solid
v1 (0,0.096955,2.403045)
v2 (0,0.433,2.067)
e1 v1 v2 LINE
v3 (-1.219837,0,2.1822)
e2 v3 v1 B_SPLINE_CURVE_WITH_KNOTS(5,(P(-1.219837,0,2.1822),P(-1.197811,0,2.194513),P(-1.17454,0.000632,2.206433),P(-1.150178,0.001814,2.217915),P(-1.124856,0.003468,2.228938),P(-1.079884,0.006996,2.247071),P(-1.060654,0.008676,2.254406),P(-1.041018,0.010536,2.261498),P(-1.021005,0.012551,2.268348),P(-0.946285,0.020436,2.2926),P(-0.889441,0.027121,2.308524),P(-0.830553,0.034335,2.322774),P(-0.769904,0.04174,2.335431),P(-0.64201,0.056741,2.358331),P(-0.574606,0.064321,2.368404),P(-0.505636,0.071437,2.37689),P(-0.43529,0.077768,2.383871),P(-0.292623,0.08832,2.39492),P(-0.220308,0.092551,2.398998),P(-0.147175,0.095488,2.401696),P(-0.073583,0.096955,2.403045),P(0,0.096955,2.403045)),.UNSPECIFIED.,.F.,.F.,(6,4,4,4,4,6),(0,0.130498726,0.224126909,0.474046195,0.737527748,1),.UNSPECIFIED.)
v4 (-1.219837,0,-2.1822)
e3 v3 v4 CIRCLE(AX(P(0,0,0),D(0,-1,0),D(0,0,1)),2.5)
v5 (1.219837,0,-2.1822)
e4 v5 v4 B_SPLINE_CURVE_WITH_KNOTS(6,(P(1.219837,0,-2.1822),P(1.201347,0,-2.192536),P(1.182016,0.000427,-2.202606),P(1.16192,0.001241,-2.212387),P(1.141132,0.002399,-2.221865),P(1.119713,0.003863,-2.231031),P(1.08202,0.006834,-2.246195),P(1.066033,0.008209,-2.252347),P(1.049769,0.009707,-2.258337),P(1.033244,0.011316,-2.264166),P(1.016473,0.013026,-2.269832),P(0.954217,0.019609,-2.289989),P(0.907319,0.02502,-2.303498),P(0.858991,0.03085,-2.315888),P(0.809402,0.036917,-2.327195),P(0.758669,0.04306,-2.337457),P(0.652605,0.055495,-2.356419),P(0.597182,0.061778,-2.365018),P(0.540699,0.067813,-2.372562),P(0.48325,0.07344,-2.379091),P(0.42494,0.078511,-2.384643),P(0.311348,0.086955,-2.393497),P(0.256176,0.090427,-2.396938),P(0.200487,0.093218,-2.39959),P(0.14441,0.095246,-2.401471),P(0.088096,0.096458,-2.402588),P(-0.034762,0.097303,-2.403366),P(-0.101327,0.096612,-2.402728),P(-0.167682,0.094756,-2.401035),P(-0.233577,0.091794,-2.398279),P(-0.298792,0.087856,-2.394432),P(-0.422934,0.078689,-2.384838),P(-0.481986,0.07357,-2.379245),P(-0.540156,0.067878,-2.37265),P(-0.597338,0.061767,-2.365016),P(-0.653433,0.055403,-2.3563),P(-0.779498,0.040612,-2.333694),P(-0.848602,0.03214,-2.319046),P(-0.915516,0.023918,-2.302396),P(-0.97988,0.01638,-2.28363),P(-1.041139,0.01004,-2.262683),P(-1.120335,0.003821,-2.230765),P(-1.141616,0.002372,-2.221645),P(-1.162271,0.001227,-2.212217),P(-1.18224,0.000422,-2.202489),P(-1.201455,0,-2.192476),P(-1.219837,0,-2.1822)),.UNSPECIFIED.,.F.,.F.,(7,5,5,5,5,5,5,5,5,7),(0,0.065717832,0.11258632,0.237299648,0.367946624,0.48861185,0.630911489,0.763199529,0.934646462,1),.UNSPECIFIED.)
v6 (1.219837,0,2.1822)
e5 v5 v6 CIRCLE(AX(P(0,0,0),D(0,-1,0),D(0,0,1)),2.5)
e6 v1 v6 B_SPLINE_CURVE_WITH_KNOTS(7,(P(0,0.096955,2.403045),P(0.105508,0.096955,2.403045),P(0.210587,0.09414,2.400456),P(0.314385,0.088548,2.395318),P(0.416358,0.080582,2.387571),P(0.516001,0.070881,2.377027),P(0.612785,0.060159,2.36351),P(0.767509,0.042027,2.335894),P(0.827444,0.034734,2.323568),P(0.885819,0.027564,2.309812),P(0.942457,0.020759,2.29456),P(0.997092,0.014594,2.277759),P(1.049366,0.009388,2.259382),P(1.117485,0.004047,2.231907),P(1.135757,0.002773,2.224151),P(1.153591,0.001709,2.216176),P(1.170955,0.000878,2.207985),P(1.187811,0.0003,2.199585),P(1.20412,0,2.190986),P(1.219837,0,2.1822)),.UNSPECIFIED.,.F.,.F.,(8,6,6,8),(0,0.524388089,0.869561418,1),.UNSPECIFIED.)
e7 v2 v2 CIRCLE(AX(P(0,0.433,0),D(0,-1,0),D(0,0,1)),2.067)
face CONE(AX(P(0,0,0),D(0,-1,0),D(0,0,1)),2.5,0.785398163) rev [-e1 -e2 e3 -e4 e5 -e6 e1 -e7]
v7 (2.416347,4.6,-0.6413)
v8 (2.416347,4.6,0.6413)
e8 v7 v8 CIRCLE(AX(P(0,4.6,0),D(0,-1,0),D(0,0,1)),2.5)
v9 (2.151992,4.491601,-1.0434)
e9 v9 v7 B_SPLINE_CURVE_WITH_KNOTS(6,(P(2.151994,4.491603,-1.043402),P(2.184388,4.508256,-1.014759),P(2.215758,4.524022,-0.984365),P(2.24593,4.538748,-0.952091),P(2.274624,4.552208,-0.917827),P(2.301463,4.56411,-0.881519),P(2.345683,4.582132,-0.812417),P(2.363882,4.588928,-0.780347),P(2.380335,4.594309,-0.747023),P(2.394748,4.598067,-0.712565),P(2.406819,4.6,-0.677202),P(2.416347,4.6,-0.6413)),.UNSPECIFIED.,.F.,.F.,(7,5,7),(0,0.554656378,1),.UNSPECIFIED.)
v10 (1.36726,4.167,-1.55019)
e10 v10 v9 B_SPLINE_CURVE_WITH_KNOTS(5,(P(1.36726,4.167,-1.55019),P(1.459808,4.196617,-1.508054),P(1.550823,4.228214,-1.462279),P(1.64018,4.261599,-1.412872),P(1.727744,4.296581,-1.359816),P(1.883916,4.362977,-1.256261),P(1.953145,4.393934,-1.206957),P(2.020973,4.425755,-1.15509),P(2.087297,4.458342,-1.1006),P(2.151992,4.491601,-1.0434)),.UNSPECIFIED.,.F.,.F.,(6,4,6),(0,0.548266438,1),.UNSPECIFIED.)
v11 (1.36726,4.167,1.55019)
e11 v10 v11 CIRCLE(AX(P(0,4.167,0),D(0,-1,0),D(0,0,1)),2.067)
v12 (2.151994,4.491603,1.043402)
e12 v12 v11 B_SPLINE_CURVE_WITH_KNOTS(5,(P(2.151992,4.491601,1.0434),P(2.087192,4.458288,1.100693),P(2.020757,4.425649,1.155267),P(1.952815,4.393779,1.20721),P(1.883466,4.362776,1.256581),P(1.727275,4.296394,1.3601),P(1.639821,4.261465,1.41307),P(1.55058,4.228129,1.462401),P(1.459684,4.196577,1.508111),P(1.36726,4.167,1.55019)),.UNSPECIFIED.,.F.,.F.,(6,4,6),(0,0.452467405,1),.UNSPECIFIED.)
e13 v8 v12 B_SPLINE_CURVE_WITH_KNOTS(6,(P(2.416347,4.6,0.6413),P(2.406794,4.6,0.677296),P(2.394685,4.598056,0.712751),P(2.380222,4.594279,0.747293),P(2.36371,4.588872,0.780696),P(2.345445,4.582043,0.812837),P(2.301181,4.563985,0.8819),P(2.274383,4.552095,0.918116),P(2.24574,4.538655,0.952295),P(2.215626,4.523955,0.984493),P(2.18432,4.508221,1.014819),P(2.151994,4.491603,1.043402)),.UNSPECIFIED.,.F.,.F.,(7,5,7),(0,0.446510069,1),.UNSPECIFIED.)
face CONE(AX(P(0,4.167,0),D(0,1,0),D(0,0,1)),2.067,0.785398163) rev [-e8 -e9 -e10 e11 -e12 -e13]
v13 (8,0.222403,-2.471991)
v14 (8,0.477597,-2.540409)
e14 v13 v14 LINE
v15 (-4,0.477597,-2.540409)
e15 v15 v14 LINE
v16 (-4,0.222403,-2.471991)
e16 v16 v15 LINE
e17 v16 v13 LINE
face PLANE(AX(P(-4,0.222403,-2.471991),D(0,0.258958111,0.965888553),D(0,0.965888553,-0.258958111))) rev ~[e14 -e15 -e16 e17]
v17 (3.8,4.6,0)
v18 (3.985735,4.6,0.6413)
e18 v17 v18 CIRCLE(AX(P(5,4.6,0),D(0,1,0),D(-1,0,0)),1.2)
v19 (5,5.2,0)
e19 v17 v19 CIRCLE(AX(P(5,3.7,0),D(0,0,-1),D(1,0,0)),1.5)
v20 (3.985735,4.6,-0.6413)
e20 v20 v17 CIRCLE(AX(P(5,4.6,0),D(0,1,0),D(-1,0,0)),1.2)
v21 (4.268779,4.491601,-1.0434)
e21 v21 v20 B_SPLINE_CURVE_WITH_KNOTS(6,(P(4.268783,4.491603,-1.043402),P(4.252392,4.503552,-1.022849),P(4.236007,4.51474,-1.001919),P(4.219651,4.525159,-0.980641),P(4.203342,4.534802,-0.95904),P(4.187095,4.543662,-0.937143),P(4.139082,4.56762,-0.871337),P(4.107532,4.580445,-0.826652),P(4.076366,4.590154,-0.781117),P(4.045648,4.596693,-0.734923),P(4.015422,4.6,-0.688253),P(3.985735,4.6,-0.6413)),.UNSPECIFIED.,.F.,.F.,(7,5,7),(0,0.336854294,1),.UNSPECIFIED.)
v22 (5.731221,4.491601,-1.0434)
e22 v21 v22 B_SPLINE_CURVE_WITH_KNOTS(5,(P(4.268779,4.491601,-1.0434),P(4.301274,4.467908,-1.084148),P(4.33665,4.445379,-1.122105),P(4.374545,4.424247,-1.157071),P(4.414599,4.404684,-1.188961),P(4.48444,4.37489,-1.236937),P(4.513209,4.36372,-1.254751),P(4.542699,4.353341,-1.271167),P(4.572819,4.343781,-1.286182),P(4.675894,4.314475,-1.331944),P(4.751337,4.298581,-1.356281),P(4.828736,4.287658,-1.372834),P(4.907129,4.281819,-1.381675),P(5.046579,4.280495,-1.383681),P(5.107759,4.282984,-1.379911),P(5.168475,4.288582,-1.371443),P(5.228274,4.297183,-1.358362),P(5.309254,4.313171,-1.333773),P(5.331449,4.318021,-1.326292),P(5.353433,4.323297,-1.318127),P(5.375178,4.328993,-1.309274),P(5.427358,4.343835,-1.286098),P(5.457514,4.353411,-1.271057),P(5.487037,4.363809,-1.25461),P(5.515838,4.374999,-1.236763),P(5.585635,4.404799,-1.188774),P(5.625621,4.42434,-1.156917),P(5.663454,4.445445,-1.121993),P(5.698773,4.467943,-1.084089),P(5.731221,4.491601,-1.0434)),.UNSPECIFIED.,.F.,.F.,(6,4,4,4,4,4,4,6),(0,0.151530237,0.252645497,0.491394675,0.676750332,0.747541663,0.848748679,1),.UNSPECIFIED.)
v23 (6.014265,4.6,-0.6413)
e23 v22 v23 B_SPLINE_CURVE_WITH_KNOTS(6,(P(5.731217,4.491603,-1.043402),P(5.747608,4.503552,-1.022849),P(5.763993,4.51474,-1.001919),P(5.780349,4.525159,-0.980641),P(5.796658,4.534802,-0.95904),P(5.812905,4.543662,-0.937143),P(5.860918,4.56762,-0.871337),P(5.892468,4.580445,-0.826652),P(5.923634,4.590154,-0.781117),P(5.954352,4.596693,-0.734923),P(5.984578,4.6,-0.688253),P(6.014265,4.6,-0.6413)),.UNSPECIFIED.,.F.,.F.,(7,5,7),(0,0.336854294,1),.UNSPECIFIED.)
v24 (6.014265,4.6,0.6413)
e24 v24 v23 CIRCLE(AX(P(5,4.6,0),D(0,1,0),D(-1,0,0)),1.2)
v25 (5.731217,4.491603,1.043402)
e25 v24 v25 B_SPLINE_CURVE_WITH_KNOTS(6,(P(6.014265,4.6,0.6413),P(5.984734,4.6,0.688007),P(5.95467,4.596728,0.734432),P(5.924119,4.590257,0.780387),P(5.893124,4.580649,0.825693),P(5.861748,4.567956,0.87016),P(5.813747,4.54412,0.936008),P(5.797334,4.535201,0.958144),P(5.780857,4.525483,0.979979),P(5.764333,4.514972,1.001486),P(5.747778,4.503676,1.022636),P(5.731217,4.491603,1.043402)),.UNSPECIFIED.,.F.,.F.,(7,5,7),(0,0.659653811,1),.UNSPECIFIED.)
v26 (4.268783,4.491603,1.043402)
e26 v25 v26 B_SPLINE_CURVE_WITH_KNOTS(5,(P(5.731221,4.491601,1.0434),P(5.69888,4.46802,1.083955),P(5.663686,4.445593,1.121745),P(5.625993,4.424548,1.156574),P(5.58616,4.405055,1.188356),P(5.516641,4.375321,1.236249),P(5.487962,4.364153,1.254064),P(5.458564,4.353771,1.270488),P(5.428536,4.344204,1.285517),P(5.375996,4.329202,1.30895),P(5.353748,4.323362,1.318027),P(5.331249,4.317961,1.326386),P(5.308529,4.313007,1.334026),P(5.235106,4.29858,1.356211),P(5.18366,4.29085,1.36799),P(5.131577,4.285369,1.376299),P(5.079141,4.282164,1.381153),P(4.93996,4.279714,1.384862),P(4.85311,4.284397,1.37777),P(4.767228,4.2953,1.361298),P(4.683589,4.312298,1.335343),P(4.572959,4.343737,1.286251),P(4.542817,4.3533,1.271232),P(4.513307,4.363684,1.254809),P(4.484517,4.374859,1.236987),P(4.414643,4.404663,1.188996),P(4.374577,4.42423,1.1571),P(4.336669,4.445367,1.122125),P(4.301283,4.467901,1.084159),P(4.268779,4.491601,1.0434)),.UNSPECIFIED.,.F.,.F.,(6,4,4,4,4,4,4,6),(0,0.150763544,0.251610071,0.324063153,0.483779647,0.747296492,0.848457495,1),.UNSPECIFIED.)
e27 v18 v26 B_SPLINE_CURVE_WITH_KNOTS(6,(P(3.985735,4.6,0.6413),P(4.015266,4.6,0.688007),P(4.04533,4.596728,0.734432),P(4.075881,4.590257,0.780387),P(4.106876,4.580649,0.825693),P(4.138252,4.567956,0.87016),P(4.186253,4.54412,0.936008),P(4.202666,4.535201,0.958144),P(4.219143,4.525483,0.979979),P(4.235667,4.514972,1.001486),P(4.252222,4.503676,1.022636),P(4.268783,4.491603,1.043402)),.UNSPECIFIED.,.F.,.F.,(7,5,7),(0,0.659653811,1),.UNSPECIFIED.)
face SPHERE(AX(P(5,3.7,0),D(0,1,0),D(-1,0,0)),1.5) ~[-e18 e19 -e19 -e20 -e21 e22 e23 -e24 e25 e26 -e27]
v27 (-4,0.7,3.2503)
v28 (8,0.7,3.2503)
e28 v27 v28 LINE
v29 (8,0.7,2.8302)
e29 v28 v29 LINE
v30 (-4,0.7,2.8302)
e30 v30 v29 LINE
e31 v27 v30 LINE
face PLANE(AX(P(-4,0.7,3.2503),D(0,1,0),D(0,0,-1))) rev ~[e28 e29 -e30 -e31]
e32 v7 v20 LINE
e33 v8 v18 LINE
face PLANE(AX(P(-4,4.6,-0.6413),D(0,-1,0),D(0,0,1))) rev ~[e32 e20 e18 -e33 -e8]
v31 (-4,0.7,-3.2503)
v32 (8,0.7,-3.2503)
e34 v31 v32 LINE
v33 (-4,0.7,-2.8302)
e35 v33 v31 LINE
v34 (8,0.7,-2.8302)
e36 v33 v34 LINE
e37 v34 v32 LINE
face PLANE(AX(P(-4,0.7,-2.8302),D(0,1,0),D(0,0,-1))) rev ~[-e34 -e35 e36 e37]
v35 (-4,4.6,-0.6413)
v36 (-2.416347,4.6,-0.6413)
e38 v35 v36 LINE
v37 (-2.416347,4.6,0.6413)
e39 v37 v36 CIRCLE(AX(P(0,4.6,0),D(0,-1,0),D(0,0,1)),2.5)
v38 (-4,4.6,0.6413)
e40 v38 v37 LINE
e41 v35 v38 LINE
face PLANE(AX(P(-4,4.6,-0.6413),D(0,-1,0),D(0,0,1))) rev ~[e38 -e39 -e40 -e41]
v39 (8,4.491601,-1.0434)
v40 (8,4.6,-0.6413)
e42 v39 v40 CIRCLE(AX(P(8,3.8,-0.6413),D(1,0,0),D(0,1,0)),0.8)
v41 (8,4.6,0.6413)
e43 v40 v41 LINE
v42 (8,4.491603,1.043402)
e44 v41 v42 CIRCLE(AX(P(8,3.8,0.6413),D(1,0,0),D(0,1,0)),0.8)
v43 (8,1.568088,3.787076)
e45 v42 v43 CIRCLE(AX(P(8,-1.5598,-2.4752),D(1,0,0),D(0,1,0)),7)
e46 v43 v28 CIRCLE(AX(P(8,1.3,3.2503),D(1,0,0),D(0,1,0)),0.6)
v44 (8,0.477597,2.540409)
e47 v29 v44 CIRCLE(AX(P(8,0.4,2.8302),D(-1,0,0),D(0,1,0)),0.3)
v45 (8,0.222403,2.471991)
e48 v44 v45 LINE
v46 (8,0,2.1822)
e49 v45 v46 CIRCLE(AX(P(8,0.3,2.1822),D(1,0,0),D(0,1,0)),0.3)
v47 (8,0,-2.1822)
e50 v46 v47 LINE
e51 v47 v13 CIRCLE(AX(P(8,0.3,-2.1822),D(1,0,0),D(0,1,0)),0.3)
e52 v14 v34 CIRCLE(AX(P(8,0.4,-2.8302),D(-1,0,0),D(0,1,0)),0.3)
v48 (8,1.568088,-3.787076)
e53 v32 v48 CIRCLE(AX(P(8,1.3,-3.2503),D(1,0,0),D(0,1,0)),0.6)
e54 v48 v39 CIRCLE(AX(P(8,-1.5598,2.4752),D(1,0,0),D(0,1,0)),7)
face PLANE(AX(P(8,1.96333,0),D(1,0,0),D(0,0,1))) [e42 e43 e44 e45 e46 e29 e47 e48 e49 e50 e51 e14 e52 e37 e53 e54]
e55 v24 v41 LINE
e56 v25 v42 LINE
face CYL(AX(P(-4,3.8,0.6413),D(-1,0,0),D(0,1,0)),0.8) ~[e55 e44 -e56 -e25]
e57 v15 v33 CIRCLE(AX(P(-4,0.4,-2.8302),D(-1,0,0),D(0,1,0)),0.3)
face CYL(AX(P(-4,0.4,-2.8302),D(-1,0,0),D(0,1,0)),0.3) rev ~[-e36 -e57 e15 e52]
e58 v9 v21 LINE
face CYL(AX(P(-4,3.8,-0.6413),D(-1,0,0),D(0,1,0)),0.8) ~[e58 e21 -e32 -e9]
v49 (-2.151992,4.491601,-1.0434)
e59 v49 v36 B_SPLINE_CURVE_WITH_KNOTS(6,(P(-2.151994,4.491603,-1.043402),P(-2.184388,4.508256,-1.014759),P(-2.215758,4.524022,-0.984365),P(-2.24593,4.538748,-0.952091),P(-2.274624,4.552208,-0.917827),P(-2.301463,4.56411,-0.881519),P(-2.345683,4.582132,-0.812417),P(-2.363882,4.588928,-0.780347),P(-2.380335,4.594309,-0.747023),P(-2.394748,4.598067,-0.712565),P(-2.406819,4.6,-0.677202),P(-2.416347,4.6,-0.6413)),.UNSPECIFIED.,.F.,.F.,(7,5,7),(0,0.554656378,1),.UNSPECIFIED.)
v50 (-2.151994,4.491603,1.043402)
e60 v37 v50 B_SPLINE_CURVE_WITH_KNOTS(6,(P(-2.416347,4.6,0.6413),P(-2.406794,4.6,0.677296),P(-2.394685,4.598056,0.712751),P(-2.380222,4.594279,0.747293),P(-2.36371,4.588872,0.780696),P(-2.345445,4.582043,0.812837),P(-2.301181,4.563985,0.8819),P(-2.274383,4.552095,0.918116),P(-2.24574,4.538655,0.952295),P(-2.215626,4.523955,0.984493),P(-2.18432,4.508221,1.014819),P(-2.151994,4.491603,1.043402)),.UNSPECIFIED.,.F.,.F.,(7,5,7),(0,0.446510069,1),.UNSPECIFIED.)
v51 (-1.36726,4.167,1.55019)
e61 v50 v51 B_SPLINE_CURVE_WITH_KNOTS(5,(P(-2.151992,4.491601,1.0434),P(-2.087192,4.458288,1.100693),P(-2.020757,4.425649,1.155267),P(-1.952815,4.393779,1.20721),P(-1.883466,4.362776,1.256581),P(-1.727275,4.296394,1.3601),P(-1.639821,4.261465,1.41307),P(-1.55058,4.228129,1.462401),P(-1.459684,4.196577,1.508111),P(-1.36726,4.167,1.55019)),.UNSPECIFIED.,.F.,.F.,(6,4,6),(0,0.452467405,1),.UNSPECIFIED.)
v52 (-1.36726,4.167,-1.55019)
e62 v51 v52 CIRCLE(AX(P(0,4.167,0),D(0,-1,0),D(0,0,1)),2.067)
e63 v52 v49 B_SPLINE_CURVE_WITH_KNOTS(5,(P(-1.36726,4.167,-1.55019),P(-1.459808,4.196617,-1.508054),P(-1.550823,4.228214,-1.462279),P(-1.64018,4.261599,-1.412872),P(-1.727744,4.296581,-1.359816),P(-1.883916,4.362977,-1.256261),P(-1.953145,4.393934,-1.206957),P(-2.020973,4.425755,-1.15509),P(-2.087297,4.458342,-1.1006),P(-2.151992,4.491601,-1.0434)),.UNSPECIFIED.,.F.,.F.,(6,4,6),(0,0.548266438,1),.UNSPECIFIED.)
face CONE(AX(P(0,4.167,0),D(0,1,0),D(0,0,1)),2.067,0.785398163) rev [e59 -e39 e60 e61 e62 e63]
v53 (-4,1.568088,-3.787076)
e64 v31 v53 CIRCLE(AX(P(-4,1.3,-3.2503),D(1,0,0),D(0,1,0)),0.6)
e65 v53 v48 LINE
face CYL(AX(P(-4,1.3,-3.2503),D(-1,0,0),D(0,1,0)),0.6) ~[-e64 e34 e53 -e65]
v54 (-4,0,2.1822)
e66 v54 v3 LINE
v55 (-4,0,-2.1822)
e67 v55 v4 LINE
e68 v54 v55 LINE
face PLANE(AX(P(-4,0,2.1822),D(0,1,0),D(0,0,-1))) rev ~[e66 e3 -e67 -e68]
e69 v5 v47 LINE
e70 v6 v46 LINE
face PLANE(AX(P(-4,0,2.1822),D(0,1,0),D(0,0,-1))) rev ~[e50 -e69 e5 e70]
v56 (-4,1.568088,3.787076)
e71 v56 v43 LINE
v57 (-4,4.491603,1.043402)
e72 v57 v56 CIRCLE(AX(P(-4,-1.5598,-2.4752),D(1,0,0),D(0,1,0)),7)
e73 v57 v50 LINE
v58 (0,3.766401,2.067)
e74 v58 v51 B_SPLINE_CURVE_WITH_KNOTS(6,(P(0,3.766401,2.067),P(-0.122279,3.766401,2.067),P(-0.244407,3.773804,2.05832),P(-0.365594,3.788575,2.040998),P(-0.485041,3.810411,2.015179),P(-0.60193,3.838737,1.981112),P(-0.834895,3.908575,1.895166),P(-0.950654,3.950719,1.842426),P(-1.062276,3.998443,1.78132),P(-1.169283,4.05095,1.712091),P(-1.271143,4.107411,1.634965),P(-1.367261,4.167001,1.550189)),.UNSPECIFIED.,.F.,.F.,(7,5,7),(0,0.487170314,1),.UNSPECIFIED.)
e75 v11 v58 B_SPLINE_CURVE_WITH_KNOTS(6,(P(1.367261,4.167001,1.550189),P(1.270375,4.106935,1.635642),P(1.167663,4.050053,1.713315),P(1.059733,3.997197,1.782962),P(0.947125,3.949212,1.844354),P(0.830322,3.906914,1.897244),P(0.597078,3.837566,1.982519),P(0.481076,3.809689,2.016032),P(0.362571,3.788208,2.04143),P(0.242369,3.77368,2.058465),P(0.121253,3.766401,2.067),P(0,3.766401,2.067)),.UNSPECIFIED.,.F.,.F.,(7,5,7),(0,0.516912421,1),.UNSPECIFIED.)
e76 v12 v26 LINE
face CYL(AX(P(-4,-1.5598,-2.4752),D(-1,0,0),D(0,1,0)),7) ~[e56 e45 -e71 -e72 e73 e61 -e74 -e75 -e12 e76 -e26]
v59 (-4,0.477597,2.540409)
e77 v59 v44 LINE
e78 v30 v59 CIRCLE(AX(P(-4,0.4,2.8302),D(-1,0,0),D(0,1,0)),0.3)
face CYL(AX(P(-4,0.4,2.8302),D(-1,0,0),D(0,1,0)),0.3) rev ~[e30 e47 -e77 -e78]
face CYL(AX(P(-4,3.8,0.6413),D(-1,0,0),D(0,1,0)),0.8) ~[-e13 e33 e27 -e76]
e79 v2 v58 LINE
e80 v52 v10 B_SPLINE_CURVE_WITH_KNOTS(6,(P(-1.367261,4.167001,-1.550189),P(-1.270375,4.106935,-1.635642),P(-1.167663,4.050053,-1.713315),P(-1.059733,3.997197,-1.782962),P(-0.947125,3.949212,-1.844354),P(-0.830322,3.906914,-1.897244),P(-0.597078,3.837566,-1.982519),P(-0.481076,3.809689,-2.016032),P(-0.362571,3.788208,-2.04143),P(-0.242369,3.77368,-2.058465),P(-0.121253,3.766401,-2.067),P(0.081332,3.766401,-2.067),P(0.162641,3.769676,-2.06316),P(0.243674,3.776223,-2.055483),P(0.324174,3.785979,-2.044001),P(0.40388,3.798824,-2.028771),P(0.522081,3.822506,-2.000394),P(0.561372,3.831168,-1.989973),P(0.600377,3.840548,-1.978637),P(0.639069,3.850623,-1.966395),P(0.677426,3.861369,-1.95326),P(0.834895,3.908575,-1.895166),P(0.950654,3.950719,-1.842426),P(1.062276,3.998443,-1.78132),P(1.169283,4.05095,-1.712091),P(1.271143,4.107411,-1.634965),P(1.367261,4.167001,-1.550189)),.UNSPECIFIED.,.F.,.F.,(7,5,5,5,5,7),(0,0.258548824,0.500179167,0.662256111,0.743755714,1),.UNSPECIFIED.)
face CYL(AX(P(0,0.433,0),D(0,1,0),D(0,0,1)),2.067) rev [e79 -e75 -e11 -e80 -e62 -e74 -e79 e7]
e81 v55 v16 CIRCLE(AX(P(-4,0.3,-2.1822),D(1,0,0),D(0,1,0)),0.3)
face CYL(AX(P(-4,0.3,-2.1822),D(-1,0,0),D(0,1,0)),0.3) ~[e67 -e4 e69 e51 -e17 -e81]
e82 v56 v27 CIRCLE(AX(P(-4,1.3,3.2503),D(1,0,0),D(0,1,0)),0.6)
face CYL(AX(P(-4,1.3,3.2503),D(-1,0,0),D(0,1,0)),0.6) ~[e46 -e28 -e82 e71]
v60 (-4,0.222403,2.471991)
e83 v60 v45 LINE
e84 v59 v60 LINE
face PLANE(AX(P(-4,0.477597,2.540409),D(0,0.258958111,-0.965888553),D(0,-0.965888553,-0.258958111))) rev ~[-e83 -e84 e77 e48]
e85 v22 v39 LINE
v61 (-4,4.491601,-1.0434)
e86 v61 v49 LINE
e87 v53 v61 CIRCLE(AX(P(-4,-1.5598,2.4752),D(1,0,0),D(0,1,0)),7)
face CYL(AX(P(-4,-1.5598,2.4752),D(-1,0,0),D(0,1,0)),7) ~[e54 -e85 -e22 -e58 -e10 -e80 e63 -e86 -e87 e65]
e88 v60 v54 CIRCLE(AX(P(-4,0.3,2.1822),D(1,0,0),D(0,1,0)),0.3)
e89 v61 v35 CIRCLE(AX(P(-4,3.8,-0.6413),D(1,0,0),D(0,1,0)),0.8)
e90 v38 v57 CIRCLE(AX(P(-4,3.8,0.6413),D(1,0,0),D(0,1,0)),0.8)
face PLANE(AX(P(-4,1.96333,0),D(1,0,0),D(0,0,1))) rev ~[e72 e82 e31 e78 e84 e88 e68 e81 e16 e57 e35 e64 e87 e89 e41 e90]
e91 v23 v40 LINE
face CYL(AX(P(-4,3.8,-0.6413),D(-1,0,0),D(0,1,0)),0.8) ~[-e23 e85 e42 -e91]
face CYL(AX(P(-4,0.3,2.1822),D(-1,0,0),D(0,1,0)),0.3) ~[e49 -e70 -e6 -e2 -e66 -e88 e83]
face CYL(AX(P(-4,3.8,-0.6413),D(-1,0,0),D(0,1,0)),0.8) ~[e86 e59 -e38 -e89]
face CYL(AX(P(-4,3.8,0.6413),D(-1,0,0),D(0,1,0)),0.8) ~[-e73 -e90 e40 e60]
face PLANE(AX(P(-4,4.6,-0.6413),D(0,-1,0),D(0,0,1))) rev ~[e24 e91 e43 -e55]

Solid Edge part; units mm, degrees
sketch "Sketch1" plane through (-4, 0, 0) normal (1, 0, 0) x (0, 1, 0)
  arc A0 (1.5681, 3.7871) -> (0.7, 3.2503) centre (1.3, 3.2503) ccw
  line L0 (0.7, 3.2503) -> (0.7, 2.8302)
  arc A1 (0.7, 2.8302) -> (0.4776, 2.5404) centre (0.4, 2.8302) cw
  line L1 (0.4776, 2.5404) -> (0.2224, 2.472)
  arc A2 (0.2224, 2.472) -> (0, 2.1822) centre (0.3, 2.1822) ccw
  line L2 (0, 2.1822) -> (0, -2.1822)
  arc A3 (0, -2.1822) -> (0.2224, -2.472) centre (0.3, -2.1822) ccw
  line L3 (0.2224, -2.472) -> (0.4776, -2.5404)
  arc A4 (0.4776, -2.5404) -> (0.7, -2.8302) centre (0.4, -2.8302) cw
  line L4 (0.7, -2.8302) -> (0.7, -3.2503)
  arc A5 (0.7, -3.2503) -> (1.5681, -3.7871) centre (1.3, -3.2503) ccw
  arc A6 (1.5681, -3.7871) -> (4.4916, -1.0434) centre (-1.5598, 2.4752) ccw
  arc A7 (4.4916, -1.0434) -> (4.6, -0.6413) centre (3.8, -0.6413) ccw
  line L5 (4.6, -0.6413) -> (4.6, 0.6413)
  arc A8 (4.6, 0.6413) -> (4.4916, 1.0434) centre (3.8, 0.6413) ccw
  arc A9 (4.4916, 1.0434) -> (1.5681, 3.7871) centre (-1.5598, -2.4752) ccw
extrude "ExtrudedProtrusion_1" add sketch "Sketch1" along normal blind 12
sketch "Sketch2" plane through (0, 0, 0) normal (1, 0, 0) x (0, 1, 0)
  line L0 (0, 0) -> (0, 2.5)
  line L1 (0, 2.5) -> (0.433, 2.067)
  line L2 (0.433, 2.067) -> (4.167, 2.067)
  line L3 (4.167, 2.067) -> (4.6, 2.5)
  line L4 (4.6, 2.5) -> (4.6, 0)
  line L5 (4.6, 0) -> (0, 0)
revolve "RevolvedCutout1" cut sketch "Sketch2" angle 360 about axis through (0, 4.6, 0) along (0, -1, 0)
sketch "Sketch3" plane through (0, 0, 0) normal (0, 0, 1) x (1, 0, 0)
  arc A0 (5, 2.2) -> (5, 5.2) centre (5, 3.7) cw
  line L0 (5, 5.2) -> (5, 2.2)
revolve "RevolvedProtrusion1" add sketch "Sketch3" angle 360 about axis through (5, 5.2, 0) along (0, -1, 0)
properties part number "150914 NST-5-M5"
